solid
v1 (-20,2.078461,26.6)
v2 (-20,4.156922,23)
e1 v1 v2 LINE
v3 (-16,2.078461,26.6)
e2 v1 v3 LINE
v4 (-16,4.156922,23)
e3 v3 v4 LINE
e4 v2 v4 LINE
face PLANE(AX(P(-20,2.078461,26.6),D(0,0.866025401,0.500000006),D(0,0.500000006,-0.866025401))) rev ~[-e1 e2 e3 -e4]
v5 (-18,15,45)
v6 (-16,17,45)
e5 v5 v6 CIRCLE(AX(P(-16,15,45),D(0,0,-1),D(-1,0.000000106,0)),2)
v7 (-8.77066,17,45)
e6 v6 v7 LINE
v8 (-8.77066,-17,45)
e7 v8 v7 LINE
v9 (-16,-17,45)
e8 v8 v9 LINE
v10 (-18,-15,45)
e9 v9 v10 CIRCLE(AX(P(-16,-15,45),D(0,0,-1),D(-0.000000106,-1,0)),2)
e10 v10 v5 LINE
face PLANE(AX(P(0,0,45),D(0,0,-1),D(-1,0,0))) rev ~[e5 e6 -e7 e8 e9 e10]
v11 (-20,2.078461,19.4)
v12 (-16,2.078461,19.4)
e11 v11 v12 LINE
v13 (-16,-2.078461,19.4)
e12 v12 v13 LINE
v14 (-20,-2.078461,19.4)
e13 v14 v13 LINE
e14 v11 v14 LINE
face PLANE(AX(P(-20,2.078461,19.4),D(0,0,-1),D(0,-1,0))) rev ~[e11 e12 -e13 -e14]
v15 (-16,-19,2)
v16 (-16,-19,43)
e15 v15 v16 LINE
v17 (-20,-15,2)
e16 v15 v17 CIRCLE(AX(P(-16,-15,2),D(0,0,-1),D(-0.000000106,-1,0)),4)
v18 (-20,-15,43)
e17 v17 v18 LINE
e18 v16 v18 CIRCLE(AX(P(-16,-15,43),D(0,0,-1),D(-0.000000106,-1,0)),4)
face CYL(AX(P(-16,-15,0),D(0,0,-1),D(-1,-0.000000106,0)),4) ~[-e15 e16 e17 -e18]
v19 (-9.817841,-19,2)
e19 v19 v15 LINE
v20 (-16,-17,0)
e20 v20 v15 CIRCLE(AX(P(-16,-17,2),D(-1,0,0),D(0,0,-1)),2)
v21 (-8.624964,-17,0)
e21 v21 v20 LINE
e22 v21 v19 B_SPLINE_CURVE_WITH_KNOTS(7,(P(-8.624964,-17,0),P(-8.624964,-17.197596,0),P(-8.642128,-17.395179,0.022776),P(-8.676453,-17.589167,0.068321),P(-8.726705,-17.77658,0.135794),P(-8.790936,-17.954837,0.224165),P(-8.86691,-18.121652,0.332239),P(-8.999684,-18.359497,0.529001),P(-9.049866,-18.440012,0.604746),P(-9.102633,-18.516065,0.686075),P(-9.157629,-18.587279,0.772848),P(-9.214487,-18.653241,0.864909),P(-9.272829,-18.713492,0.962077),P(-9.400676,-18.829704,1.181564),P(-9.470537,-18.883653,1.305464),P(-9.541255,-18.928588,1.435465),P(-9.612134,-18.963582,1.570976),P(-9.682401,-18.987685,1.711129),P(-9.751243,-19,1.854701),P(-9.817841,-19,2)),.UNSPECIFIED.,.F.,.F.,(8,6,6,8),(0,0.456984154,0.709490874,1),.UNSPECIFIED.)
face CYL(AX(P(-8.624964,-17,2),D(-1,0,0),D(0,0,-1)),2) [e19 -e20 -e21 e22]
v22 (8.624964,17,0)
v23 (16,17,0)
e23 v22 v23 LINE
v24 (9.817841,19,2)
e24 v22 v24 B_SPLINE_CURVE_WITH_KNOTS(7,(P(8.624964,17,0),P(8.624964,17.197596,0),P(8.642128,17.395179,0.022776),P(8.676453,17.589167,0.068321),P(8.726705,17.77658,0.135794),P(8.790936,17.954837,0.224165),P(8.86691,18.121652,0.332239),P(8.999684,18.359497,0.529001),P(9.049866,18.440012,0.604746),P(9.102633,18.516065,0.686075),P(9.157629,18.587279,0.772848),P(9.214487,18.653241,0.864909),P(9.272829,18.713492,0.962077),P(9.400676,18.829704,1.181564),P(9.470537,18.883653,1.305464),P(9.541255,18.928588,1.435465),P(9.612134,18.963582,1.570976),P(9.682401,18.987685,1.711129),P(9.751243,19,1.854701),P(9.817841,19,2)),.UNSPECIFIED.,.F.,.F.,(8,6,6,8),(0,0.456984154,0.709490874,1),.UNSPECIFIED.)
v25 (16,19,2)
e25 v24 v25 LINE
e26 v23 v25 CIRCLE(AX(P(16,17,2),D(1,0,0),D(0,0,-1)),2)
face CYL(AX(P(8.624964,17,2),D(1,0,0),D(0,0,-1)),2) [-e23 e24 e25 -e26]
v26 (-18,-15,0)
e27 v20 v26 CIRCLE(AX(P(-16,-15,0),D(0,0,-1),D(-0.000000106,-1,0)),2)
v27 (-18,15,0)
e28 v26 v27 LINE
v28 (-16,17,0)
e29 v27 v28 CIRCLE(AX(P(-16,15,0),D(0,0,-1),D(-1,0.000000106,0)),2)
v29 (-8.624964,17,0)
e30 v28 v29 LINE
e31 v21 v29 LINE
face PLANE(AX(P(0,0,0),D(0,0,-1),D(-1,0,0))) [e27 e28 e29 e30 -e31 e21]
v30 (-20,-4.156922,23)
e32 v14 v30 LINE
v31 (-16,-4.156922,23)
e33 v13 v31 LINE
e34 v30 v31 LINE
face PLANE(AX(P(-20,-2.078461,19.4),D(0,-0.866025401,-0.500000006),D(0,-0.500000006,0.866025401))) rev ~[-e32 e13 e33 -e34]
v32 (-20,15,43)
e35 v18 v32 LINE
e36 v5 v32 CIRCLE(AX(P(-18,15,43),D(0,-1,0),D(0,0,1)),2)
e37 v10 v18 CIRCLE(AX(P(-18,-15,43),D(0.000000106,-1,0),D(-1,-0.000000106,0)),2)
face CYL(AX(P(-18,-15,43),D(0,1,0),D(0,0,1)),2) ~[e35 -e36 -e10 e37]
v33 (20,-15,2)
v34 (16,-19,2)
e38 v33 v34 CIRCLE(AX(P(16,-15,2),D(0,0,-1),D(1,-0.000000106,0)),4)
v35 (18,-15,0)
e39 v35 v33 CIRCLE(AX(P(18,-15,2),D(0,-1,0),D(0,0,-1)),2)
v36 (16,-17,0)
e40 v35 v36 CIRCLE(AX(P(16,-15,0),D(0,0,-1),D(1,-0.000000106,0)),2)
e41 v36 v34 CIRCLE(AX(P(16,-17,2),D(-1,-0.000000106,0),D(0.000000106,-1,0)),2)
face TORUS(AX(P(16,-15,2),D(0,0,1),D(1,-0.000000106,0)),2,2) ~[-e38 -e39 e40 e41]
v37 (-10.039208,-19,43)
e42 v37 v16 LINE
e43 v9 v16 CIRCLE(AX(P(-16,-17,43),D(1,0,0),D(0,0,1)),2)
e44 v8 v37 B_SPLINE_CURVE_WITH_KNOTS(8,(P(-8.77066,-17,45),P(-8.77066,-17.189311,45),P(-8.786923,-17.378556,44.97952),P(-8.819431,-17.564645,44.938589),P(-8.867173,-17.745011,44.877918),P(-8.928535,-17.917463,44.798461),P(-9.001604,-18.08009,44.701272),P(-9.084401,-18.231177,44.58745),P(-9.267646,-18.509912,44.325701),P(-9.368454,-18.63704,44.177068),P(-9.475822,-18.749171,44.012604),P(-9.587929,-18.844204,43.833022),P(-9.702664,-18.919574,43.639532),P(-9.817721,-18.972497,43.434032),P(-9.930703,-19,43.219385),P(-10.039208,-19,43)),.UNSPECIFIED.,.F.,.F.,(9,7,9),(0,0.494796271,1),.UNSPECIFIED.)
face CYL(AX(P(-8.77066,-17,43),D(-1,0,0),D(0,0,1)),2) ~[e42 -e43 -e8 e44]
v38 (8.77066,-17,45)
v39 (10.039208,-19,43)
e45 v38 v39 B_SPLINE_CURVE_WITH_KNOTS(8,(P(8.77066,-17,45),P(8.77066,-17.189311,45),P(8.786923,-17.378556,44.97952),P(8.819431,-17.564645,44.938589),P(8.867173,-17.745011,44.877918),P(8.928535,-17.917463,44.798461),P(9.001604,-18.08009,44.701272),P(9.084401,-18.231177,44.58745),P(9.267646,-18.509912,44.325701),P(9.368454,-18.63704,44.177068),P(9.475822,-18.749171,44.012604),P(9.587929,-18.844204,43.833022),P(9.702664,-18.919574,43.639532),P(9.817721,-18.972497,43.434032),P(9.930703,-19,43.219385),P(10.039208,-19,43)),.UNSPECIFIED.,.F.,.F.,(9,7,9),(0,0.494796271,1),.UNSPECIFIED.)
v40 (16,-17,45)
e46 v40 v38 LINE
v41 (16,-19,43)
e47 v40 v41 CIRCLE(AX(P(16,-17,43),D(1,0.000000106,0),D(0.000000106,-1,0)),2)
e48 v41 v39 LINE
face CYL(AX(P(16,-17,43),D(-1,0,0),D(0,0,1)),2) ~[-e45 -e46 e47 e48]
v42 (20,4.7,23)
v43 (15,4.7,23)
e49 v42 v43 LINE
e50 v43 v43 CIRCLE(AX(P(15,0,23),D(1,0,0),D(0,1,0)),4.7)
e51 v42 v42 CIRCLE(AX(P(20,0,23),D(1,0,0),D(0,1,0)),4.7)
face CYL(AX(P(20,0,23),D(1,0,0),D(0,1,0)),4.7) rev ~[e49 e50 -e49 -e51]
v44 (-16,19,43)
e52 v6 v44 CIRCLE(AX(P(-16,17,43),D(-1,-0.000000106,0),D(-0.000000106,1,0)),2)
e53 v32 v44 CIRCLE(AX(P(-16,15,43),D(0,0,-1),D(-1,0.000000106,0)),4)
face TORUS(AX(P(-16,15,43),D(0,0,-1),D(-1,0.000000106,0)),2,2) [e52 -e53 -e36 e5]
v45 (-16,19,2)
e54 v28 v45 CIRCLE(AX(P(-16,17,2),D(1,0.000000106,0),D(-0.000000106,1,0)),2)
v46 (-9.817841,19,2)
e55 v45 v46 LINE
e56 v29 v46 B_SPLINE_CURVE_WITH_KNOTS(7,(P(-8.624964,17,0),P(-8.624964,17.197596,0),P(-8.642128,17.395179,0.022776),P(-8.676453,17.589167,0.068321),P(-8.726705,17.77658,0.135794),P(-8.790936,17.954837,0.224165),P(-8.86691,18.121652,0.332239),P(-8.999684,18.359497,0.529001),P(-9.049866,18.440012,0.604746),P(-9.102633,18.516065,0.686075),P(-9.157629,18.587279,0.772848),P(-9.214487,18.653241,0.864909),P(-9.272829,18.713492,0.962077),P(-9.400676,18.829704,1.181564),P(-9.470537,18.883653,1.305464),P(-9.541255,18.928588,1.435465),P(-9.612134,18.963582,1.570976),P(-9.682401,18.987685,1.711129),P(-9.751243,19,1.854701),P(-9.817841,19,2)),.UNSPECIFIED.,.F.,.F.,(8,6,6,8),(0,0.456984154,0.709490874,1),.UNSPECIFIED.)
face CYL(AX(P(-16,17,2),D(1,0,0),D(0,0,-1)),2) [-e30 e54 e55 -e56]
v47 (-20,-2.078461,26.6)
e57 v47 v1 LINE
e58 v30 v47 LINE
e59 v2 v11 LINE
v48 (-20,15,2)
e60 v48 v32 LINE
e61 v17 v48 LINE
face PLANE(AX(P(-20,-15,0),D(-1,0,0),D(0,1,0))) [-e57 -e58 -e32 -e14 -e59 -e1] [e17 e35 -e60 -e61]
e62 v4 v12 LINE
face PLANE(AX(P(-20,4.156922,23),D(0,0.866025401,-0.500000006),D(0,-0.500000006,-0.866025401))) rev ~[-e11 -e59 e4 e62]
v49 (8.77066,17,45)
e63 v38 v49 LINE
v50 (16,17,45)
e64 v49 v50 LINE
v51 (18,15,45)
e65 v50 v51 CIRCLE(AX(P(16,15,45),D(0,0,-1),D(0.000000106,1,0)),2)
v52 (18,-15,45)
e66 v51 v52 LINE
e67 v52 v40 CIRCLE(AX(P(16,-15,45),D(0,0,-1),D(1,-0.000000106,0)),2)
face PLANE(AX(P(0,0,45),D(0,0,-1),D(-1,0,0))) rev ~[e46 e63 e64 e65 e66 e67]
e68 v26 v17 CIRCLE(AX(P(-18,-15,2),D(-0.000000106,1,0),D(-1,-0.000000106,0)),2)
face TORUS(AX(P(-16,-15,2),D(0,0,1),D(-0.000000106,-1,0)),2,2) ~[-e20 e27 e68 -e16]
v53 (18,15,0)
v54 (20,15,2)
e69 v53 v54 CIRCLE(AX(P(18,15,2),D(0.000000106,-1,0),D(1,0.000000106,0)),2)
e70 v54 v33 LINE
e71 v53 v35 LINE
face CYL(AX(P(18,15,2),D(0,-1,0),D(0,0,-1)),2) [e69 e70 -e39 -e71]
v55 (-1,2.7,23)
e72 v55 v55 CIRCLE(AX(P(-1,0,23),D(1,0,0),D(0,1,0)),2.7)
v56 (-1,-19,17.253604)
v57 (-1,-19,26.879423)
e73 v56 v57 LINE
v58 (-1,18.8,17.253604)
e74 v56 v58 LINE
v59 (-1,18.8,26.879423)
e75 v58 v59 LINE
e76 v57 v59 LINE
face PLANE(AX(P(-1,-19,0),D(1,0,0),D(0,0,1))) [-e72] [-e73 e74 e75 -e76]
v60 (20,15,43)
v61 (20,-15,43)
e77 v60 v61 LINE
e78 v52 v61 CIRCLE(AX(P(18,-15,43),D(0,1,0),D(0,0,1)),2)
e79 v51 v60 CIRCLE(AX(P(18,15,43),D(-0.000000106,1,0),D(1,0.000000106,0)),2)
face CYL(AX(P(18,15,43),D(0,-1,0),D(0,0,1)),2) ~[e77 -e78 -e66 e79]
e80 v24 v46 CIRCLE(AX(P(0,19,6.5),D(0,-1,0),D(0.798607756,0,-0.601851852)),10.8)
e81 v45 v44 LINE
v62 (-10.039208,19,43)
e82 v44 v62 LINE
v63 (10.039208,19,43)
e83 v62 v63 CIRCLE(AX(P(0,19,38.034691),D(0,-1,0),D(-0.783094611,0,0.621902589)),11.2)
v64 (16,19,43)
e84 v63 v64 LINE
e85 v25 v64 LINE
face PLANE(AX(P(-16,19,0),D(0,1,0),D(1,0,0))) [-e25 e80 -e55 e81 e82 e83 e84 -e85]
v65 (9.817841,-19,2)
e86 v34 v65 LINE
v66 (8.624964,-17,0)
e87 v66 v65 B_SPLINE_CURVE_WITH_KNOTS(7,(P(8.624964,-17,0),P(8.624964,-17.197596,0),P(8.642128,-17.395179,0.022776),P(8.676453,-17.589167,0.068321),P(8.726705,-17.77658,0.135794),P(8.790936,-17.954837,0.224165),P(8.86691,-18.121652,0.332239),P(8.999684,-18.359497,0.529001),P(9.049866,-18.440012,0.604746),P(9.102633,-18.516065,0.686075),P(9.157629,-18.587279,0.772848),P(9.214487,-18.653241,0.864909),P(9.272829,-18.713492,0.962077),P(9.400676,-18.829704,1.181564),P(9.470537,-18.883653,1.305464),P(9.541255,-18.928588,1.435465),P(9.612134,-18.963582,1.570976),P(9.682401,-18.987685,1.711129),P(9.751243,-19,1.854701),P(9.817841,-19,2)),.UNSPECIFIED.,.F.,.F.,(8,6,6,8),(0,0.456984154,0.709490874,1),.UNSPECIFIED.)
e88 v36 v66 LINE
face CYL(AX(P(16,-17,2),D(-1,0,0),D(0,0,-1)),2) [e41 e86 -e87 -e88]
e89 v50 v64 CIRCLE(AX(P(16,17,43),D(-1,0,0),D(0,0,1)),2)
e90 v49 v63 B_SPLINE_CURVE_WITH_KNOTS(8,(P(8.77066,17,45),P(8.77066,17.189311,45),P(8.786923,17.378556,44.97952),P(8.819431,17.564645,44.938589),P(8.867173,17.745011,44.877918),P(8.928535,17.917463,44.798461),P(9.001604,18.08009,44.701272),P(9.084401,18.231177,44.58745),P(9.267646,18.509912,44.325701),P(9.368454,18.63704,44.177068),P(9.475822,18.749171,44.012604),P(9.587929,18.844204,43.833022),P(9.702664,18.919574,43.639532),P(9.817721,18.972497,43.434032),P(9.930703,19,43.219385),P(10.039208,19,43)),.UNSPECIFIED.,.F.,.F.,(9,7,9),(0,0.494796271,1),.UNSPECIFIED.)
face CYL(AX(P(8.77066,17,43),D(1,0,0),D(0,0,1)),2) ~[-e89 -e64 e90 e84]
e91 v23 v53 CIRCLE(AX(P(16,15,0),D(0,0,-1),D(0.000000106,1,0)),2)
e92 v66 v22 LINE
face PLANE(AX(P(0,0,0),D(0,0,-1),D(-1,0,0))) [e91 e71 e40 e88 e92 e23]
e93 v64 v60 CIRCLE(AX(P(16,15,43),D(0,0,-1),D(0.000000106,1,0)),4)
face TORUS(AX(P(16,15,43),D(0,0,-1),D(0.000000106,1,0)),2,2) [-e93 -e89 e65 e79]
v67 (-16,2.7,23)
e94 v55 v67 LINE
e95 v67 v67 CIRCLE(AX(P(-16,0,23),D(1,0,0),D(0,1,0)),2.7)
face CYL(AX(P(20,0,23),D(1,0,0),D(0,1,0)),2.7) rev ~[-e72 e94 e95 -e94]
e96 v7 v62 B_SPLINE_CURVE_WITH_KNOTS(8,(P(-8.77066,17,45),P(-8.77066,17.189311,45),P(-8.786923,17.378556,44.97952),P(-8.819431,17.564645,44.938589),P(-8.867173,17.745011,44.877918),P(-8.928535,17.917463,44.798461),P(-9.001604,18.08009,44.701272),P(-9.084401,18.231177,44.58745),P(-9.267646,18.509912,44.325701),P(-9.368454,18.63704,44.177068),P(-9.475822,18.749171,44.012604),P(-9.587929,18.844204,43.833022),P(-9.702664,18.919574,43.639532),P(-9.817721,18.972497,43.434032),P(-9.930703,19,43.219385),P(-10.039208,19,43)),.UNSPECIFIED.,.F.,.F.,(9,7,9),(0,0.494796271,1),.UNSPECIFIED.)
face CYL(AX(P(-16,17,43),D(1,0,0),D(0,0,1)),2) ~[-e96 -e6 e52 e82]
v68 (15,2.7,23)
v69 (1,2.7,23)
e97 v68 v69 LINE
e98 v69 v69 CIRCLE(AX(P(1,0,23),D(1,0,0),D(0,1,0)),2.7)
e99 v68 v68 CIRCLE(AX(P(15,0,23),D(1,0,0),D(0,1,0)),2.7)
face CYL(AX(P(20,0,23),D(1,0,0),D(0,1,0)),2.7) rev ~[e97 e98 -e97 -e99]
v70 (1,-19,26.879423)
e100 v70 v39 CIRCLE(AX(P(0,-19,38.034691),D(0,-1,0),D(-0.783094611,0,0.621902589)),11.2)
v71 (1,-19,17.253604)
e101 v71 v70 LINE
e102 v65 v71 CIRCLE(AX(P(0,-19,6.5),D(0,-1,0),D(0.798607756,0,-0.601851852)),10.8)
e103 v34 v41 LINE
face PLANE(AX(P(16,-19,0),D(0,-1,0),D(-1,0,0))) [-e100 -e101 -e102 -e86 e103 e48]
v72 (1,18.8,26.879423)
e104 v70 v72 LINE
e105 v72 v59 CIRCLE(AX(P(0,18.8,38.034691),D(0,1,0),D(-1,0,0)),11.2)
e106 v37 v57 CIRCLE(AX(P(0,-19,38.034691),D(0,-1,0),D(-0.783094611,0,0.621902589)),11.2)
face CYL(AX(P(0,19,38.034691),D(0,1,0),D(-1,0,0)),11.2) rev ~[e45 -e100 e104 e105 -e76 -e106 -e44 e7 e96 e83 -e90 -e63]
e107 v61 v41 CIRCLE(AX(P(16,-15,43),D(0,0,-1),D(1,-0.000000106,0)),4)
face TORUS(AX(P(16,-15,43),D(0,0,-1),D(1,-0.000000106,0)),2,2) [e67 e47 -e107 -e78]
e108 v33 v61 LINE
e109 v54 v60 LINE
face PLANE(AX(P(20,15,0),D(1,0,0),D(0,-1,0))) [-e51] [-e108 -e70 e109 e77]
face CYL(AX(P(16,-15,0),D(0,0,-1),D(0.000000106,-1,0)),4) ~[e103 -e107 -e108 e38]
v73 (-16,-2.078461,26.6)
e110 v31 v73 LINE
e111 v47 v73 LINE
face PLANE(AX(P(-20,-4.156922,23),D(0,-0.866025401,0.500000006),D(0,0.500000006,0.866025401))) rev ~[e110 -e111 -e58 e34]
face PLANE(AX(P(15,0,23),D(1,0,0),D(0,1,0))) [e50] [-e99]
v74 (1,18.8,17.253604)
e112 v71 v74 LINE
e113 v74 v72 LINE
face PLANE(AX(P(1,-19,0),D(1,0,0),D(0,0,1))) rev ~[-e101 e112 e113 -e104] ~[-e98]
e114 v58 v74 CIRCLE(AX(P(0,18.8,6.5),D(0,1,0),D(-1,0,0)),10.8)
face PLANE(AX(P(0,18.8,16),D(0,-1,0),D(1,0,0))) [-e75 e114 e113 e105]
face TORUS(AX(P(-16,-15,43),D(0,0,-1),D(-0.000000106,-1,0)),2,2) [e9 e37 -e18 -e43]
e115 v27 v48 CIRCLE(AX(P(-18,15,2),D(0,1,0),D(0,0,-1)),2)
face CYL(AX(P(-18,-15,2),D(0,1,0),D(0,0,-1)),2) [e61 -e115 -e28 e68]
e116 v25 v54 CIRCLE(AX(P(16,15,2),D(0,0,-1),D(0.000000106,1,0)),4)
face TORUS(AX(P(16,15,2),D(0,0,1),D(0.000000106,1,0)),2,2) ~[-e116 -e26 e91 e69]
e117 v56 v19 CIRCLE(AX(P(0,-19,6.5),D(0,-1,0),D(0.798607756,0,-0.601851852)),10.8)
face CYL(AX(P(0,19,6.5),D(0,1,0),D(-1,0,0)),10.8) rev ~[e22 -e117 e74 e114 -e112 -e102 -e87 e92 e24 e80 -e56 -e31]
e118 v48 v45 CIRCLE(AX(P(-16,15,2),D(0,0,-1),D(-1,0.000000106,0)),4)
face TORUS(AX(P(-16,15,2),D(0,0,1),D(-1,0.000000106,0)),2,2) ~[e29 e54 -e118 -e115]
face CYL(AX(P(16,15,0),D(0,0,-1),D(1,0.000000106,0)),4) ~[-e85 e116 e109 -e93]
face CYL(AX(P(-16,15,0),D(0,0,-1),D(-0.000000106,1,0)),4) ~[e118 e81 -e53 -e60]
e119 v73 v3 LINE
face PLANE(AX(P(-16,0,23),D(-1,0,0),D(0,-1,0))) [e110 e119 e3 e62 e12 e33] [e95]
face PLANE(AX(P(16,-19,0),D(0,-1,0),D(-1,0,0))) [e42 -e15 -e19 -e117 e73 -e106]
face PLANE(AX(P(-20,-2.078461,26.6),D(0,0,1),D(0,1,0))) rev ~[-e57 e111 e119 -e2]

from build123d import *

# Parameters (mm, degrees)
PAD_DEPTH       = 45
SKETCH008_R     = 11.2
SKETCH008_R_2   = 10.8
POCKET_DEPTH    = 38.001
SKETCH009_R     = 2.7
POCKET001_DEPTH = 40.001
SKETCH010_R     = 4.7
POCKET002_DEPTH = 5
POCKET003_DEPTH = 4
SKETCH011_W     = 2
SKETCH011_H     = 32
POCKET004_DEPTH = 37.8
FILLET_R        = 2


with BuildPart() as part:
    # Sketch → Pad (new body)
    with BuildSketch(Plane.XY):
        with BuildLine():
            Line((-16, 19), (16, 19))
            ThreePointArc((20, 15), (18.828427, 17.828427), (16, 19))
            Line((20, 15), (20, -15))
            ThreePointArc((16, -19), (18.828427, -17.828427), (20, -15))
            Line((16, -19), (-16, -19))
            ThreePointArc((-20, -15), (-18.828427, -17.828427), (-16, -19))
            Line((-20, -15), (-20, 15))
            ThreePointArc((-16, 19), (-18.828427, 17.828427), (-20, 15))
        make_face()
    extrude(amount=PAD_DEPTH)

    # Sketch008 → Pocket (cut, through all)
    with BuildSketch(Plane(origin=(0, 19, 0), x_dir=(-1, 0, 0), z_dir=(0, 1, 0))):
        with Locations((0, 38.034691)):
            Circle(SKETCH008_R)
        with Locations((0, 6.5)):
            Circle(SKETCH008_R_2)
    extrude(amount=-POCKET_DEPTH, mode=Mode.SUBTRACT)

    # Sketch009 → Pocket001 (cut, through all)
    with BuildSketch(Plane.YZ.offset(20)):
        with Locations((0, 23)):
            Circle(SKETCH009_R)
    extrude(amount=-POCKET001_DEPTH, mode=Mode.SUBTRACT)

    # Sketch010 → Pocket002 (cut)
    with BuildSketch(Plane.YZ.offset(20)):
        with Locations((0, 23)):
            Circle(SKETCH010_R)
    extrude(amount=-POCKET002_DEPTH, mode=Mode.SUBTRACT)

    # Sketch002 → Pocket003 (cut)
    with BuildSketch(Plane(origin=(-20, 0, 0), x_dir=(0, -1, 0), z_dir=(-1, 0, 0))):
        Polygon((4.156922, 23), (2.078461, 26.6), (-2.078461, 26.6), (-4.156922, 23), (-2.078461, 19.4), (2.078461, 19.4), align=None)
    extrude(amount=-POCKET003_DEPTH, mode=Mode.SUBTRACT)

    # Sketch011 → Pocket004 (cut)
    with BuildSketch(Plane.XZ.offset(19)):
        with Locations((0, 16)):
            Rectangle(SKETCH011_W, SKETCH011_H)
    extrude(amount=-POCKET004_DEPTH, mode=Mode.SUBTRACT)

    # Fillet
    fillet_edges = [part.edges().sort_by_distance(p)[0] for p in [
        (20, 0, 0),
        (20, 0, 45),
        (-20, 0, 0),
        (-20, 0, 45),
    ]]
    fillet(fillet_edges, radius=FILLET_R)


solid = part.part
